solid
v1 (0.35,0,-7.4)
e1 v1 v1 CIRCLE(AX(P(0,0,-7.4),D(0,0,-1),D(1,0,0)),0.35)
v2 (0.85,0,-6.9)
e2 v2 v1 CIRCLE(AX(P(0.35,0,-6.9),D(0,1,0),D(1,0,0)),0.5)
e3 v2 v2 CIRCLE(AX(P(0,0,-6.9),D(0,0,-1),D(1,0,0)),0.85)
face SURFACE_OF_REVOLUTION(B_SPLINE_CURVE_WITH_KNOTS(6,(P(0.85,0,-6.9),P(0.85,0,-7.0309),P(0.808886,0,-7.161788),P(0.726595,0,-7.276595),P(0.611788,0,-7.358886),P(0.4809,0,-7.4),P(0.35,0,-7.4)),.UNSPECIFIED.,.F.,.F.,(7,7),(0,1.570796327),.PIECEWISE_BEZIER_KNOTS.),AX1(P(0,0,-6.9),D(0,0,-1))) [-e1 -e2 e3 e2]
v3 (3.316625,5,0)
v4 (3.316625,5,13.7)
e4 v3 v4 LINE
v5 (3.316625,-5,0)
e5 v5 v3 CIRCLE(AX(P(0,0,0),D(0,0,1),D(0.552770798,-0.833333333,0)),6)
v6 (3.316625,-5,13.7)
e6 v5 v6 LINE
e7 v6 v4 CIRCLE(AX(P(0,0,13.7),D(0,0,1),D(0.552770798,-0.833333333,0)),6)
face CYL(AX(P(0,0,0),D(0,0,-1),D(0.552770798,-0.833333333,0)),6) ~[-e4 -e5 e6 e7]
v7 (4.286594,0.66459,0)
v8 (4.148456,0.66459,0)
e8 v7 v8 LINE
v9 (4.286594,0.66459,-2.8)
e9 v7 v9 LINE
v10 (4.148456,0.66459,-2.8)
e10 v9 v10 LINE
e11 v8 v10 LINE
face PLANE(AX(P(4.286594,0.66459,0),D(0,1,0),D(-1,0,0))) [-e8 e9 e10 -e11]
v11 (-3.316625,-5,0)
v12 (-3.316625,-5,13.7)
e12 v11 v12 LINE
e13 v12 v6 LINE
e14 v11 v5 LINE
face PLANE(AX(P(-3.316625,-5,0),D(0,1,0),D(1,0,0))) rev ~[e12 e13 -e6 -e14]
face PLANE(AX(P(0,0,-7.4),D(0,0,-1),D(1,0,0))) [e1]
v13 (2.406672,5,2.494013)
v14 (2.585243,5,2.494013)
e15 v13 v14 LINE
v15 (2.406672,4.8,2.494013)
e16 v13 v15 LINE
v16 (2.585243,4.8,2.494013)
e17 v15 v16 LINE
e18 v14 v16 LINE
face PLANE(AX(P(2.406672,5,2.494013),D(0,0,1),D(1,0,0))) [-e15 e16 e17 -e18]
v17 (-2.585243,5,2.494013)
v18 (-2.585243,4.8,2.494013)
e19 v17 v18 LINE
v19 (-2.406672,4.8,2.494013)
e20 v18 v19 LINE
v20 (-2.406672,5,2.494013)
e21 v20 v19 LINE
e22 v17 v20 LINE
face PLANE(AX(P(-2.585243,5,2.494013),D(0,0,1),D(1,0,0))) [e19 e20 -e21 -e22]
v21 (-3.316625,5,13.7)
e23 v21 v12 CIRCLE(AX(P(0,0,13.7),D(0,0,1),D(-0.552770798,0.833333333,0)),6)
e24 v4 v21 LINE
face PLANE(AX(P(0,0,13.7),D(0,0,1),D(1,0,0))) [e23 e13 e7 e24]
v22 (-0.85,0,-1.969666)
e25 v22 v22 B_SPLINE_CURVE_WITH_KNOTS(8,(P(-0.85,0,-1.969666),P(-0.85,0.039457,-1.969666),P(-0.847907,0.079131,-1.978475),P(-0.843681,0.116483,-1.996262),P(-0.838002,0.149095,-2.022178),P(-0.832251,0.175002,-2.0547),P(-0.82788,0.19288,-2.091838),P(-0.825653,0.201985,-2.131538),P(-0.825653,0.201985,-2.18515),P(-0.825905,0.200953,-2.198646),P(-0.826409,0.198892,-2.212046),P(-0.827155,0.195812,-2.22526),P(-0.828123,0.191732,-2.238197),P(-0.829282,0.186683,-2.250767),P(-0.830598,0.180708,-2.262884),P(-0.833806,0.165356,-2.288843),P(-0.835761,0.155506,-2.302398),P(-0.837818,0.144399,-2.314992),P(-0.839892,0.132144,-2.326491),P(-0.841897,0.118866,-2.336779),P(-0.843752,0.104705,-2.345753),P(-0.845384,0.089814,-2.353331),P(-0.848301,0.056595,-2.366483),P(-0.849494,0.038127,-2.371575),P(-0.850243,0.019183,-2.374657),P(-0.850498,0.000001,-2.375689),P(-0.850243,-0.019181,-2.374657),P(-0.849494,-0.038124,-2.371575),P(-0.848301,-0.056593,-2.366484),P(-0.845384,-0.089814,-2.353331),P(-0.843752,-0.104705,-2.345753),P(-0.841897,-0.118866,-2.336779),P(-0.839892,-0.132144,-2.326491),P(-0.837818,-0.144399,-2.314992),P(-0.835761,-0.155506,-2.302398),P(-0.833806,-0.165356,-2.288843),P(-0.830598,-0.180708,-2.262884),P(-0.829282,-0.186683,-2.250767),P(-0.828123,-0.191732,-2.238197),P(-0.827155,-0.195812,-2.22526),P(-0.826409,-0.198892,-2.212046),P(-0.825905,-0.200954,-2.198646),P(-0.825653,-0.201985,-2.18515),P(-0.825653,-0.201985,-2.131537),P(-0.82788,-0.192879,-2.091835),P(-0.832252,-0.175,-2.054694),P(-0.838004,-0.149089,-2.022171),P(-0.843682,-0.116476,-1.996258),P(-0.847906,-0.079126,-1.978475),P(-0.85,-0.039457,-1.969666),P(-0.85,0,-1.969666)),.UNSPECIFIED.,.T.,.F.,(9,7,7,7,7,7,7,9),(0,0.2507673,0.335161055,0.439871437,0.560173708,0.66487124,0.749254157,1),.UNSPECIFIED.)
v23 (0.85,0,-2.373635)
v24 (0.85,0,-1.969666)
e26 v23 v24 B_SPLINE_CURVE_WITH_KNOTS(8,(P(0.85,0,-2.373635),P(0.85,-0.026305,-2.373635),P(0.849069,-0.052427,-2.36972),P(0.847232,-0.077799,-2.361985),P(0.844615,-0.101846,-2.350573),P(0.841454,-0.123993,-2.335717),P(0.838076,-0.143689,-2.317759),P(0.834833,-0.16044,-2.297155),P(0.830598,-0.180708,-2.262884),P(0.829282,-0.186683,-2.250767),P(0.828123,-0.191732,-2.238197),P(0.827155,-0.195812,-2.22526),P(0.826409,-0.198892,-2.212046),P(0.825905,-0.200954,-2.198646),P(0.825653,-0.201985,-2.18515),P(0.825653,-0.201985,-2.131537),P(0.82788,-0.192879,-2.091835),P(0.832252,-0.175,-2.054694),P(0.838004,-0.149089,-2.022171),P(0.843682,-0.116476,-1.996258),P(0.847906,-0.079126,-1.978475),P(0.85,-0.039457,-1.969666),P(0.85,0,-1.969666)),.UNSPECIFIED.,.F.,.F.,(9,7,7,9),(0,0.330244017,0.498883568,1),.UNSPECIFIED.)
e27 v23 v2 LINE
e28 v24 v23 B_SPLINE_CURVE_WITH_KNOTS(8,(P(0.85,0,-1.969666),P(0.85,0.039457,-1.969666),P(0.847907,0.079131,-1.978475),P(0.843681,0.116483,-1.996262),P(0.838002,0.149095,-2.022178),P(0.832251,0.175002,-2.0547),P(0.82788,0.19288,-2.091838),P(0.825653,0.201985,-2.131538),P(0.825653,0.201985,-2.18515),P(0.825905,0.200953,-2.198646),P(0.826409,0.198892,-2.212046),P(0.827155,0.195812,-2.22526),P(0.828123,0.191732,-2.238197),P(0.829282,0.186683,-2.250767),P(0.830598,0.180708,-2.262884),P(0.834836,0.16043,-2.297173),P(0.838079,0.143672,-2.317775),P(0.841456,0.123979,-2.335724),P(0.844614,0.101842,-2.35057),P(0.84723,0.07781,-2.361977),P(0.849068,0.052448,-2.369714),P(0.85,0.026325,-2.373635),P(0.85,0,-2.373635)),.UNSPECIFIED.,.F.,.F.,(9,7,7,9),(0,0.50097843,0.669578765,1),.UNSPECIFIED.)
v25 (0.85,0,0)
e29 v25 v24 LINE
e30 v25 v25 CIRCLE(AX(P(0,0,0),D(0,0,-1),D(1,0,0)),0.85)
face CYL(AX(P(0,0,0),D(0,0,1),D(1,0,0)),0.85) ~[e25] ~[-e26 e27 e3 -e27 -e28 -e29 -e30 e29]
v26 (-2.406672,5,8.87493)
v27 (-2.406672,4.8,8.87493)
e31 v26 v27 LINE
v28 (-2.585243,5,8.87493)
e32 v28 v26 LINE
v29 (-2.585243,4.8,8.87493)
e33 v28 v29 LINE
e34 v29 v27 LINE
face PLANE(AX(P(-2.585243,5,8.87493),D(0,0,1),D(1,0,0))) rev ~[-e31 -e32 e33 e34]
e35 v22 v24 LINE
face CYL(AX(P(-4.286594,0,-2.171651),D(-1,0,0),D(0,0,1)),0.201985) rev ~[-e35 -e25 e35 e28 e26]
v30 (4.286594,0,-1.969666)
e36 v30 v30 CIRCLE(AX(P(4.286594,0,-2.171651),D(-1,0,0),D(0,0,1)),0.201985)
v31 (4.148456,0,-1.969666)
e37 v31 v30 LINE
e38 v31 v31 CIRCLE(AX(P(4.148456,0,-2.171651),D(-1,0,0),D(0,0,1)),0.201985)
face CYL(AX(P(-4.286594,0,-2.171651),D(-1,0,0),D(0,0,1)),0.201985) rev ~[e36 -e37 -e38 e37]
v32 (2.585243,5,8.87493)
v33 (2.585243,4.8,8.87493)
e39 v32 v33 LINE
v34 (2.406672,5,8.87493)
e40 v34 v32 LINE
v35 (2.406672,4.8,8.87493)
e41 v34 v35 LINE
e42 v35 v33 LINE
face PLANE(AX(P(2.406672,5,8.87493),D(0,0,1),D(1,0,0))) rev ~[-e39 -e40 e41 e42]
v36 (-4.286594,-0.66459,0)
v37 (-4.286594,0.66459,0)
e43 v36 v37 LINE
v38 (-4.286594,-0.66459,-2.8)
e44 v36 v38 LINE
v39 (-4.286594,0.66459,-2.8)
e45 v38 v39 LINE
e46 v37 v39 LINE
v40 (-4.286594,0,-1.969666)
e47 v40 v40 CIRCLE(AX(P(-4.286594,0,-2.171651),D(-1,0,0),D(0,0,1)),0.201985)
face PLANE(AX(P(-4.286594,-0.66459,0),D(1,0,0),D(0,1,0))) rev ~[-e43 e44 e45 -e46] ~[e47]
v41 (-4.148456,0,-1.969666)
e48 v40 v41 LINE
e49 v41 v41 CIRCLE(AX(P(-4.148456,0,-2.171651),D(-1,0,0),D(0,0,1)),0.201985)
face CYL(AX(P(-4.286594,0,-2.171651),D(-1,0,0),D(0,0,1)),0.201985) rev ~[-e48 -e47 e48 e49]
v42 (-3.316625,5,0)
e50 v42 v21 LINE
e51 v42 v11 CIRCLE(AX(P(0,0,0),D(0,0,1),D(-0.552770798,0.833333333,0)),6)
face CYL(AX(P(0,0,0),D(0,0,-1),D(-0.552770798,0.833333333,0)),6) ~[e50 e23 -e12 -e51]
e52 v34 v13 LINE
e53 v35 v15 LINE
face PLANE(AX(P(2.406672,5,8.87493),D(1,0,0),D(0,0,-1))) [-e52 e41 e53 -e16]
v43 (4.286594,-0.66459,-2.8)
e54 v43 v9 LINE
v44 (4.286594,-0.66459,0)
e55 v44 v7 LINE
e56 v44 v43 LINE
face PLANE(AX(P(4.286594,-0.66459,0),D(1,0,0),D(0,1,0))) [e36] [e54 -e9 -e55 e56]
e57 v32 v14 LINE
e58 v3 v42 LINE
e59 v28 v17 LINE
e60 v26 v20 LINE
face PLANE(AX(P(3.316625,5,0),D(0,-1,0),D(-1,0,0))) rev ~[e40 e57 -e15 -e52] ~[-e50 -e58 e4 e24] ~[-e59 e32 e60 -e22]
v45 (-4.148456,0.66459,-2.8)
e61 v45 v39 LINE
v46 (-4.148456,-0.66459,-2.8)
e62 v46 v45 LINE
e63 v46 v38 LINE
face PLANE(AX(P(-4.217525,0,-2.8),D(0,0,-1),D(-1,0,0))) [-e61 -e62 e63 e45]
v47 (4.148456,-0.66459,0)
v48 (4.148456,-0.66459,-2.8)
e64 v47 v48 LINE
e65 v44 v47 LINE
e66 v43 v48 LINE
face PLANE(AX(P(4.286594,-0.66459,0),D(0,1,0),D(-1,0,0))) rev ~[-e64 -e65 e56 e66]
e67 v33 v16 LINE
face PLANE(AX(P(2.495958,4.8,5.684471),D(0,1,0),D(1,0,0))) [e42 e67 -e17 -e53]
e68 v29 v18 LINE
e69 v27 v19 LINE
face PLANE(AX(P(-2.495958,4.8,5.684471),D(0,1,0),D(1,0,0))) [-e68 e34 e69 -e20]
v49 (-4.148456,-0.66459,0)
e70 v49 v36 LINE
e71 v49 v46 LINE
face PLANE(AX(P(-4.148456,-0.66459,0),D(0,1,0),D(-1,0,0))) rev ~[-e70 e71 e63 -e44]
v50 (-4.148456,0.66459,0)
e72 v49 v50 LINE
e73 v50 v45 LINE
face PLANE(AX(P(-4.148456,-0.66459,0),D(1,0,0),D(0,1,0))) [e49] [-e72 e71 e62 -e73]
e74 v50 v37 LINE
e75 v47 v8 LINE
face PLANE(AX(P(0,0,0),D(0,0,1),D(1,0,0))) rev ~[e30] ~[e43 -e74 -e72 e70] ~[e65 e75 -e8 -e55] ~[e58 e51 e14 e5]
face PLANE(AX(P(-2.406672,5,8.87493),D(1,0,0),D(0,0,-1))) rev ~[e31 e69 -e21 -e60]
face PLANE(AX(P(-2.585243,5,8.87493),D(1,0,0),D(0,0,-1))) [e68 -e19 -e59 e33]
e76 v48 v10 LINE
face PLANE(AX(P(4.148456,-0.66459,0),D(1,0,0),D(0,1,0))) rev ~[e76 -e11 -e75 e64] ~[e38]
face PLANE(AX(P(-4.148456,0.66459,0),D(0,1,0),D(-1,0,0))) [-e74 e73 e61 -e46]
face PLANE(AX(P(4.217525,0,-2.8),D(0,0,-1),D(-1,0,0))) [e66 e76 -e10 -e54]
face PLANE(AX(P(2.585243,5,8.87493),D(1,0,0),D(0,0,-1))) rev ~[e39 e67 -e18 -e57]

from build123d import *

# Parameters (mm, degrees)
BOSS_EXTRUDE1_DEPTH = 13.7
SKETCH3_W           = 0.178571672
SKETCH3_H           = 6.380917094
CUT_EXTRUDE1_DEPTH  = 0.2
SKETCH4_R           = 0.85
BOSS_EXTRUDE3_DEPTH = 7.4
SKETCH5_W           = 0.138137893
SKETCH5_H           = 1.329179466
BOSS_EXTRUDE4_DEPTH = 2.8
SKETCH6_R           = 0.20198457
CUT_EXTRUDE2_DEPTH  = 9.6
REDONDEO1_R         = 0.5


with BuildPart() as part:
    # Sketch1 → Boss-Extrude1 (new body)
    with BuildSketch(Plane.XY):
        with BuildLine():
            Line((-3.31662479, -5), (3.31662479, -5))
            ThreePointArc((3.31662479, -5), (6, 0), (3.31662479, 5))
            Line((3.31662479, 5), (-3.31662479, 5))
            ThreePointArc((-3.31662479, 5), (-6, 0), (-3.31662479, -5))
        make_face()
    extrude(amount=BOSS_EXTRUDE1_DEPTH)

    # Sketch3 → Cut-Extrude1 (cut)
    with BuildSketch(Plane(origin=(0, 5, 0), x_dir=(1, 0, 0), z_dir=(0, 1, 0))):
        with Locations((-2.495957535, -5.684471075)):
            Rectangle(SKETCH3_W, SKETCH3_H)
        with Locations((2.495957535, -5.684471075)):
            Rectangle(SKETCH3_W, SKETCH3_H)
    extrude(amount=-CUT_EXTRUDE1_DEPTH, mode=Mode.SUBTRACT)

    # Sketch4 → Boss-Extrude3 (add)
    with BuildSketch(Plane(origin=(0, 0, 0), x_dir=(-1, 0, 0), z_dir=(0, 0, -1))):
        with Locations(Location((0, 0, 0), (0, 0, 180))):
            Circle(SKETCH4_R)
    extrude(amount=BOSS_EXTRUDE3_DEPTH)

    # Sketch5 → Boss-Extrude4 (add)
    with BuildSketch(Plane(origin=(0, 0, 0), x_dir=(-1, 0, 0), z_dir=(0, 0, -1))):
        with Locations((-4.217525365, 0)):
            Rectangle(SKETCH5_W, SKETCH5_H)
        with Locations((4.217525365, 0)):
            Rectangle(SKETCH5_W, SKETCH5_H)
    extrude(amount=BOSS_EXTRUDE4_DEPTH)

    # Sketch6 → Cut-Extrude2 (cut)
    with BuildSketch(Plane.ZY.offset(4.286594311)):
        with Locations((-2.171650698, 0)):
            Circle(SKETCH6_R)
    extrude(amount=-CUT_EXTRUDE2_DEPTH, mode=Mode.SUBTRACT)

    # Redondeo1
    redondeo1_edges = [part.edges().sort_by_distance(p)[0] for p in [
        (-0.85, 0, -7.4),
    ]]
    fillet(redondeo1_edges, radius=REDONDEO1_R)


solid = part.part
